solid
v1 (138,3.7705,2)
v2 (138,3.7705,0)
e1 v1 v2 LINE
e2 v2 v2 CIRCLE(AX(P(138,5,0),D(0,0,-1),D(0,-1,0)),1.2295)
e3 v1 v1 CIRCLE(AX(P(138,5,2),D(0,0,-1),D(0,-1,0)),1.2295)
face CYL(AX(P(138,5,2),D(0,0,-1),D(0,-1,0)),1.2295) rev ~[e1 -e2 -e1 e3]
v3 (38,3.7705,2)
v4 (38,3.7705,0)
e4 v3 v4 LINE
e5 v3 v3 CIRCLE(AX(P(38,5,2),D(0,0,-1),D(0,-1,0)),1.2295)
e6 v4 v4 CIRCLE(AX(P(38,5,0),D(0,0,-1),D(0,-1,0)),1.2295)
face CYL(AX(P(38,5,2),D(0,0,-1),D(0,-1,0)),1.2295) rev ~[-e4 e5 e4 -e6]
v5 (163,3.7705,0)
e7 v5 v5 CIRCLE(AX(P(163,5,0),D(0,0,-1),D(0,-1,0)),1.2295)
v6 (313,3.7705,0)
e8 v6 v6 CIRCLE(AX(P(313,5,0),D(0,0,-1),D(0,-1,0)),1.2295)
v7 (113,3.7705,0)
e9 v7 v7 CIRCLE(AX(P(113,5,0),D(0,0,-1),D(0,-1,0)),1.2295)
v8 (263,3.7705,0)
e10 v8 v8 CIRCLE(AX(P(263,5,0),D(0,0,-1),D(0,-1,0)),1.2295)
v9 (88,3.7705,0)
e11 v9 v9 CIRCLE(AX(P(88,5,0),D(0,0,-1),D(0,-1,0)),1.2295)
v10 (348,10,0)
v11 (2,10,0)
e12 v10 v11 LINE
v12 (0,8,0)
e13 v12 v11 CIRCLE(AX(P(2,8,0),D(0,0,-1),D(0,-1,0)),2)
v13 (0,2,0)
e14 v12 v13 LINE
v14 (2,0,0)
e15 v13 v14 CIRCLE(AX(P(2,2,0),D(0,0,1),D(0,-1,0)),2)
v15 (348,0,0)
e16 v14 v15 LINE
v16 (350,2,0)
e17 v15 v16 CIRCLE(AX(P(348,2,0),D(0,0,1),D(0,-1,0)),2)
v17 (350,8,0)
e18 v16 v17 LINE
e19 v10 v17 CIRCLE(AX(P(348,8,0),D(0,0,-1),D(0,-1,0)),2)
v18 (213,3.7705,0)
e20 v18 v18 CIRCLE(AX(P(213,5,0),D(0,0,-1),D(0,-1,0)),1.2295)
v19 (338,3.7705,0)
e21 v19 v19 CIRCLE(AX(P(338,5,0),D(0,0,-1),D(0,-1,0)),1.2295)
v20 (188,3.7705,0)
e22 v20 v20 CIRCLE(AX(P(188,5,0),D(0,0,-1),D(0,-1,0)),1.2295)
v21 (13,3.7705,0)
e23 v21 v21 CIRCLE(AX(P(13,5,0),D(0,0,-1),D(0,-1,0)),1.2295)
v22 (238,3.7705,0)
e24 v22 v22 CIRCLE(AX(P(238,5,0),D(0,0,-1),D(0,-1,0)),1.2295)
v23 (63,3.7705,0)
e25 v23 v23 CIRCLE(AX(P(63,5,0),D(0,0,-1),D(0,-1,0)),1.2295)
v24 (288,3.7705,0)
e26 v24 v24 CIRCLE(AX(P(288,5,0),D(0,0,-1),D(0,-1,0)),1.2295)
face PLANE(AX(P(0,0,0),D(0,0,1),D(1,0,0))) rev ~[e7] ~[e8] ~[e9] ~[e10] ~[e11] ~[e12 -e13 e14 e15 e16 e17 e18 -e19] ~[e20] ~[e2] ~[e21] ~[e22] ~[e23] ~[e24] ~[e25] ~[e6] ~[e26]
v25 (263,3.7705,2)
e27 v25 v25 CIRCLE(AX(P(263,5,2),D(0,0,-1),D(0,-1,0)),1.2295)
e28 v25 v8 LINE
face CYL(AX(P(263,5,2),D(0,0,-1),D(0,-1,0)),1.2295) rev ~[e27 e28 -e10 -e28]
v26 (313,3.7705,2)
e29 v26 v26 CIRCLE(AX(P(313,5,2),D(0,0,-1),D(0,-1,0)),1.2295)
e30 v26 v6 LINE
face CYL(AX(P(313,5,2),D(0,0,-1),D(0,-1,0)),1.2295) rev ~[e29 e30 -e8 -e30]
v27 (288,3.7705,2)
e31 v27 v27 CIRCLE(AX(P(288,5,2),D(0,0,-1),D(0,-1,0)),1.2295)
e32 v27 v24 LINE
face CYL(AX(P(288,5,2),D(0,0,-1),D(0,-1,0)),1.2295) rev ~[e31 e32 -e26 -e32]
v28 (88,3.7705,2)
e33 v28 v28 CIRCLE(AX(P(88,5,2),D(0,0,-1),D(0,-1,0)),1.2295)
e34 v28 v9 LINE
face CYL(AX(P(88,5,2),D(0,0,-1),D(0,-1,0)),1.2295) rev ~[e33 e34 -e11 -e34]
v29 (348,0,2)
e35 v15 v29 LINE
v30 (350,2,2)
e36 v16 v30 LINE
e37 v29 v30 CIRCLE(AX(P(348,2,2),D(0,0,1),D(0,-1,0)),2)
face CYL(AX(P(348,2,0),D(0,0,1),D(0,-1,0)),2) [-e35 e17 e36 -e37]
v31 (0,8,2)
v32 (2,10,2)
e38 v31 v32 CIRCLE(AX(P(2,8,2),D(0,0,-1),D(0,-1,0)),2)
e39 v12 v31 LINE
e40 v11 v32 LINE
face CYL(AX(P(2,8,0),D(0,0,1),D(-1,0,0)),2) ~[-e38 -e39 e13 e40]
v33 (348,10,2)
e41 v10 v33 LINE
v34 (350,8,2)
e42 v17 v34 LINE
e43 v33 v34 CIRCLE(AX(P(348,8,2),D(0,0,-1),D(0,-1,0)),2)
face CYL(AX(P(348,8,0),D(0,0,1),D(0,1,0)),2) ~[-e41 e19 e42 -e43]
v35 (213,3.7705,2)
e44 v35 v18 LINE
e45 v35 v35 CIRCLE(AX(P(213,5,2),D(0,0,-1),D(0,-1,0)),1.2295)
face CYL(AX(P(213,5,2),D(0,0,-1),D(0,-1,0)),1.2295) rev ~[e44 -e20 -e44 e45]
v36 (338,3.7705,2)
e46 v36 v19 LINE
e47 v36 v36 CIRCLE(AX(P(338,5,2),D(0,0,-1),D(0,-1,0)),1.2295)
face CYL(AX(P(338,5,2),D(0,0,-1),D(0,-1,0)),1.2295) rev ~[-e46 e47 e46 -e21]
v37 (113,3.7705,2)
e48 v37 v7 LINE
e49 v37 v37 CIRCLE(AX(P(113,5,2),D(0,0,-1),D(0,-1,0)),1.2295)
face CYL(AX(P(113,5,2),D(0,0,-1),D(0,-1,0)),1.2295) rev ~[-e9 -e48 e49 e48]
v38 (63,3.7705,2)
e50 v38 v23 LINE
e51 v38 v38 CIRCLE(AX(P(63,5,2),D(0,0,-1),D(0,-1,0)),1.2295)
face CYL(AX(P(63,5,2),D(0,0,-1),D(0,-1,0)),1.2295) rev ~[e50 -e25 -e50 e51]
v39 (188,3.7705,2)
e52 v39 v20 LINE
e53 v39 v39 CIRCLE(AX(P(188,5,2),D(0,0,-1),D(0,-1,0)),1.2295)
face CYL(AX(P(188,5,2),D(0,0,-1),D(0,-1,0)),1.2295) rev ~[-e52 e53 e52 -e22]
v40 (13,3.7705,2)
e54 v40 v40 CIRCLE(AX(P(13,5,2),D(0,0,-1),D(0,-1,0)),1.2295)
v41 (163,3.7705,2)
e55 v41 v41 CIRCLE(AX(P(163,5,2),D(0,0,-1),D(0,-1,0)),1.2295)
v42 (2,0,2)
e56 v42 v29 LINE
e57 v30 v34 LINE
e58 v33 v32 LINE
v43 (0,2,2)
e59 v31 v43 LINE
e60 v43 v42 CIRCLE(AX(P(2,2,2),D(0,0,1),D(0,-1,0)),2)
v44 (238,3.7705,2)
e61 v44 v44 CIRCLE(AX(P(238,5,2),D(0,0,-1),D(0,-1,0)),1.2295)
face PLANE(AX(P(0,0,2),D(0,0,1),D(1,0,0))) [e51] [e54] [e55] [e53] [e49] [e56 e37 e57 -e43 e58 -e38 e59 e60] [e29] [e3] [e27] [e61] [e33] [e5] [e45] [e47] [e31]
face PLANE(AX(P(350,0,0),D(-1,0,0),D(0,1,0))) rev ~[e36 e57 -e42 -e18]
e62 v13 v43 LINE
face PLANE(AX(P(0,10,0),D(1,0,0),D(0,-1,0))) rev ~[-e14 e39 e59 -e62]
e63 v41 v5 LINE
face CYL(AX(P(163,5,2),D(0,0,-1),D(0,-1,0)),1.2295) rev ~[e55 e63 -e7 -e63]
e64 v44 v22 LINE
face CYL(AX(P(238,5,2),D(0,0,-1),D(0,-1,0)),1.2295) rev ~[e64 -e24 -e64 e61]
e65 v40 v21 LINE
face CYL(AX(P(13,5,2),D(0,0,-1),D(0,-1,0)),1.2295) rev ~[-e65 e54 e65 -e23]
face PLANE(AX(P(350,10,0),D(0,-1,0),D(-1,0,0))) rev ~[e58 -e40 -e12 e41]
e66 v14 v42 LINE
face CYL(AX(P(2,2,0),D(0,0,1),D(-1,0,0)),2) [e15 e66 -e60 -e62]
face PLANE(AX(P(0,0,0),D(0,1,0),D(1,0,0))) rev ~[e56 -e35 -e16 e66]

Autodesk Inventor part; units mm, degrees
ref_plane "YZ Plane" through (0, 0, 0) normal (1, 0, 0) x (0, 1, 0)
ref_plane "XZ Plane" through (0, 0, 0) normal (0, 1, 0) x (-1, 0, 0)
ref_plane "XY Plane" through (0, 0, 0) normal (0, 0, 1) x (1, 0, 0)
sketch "Sketch1" plane through (0, 0, 0) normal (0, 0, 1) x (1, 0, 0)
  line L0 (0, 0) -> (350, 0)
  line L1 (350, 0) -> (350, 10)
  line L2 (350, 10) -> (0, 10)
  line L3 (0, 10) -> (0, 0)
  dimension "d0" = 350
  dimension "d1" = 10
extrude "Extrusion1" add sketch "Sketch1" along normal blind 2
sketch "Sketch2" plane through (0, 0, 2) normal (0, 0, 1) x (1, 0, 0)
  line L0 (0, 10) -> (0, 0) projected
  point P0 (13, 5)
  point P1 (0, 5)
  dimension "d4" = 13
hole "Hole1" at (13, 5, 2) direction (0, 0, -1) diameter 2.459 end through all thread size "M3x0.5" class "6H" standard "ANSI Metric M Profile"
pattern_linear "Rectangular Pattern1" count 14 spacing 25 along (1, 0, 0) of "Hole1"
fillet "Fillet1" radius 2 4 edges at (0, 0, 1) (0, 10, 1) (350, 0, 1) (350, 10, 1)
properties part number "Linear Rail Screw Plate"
